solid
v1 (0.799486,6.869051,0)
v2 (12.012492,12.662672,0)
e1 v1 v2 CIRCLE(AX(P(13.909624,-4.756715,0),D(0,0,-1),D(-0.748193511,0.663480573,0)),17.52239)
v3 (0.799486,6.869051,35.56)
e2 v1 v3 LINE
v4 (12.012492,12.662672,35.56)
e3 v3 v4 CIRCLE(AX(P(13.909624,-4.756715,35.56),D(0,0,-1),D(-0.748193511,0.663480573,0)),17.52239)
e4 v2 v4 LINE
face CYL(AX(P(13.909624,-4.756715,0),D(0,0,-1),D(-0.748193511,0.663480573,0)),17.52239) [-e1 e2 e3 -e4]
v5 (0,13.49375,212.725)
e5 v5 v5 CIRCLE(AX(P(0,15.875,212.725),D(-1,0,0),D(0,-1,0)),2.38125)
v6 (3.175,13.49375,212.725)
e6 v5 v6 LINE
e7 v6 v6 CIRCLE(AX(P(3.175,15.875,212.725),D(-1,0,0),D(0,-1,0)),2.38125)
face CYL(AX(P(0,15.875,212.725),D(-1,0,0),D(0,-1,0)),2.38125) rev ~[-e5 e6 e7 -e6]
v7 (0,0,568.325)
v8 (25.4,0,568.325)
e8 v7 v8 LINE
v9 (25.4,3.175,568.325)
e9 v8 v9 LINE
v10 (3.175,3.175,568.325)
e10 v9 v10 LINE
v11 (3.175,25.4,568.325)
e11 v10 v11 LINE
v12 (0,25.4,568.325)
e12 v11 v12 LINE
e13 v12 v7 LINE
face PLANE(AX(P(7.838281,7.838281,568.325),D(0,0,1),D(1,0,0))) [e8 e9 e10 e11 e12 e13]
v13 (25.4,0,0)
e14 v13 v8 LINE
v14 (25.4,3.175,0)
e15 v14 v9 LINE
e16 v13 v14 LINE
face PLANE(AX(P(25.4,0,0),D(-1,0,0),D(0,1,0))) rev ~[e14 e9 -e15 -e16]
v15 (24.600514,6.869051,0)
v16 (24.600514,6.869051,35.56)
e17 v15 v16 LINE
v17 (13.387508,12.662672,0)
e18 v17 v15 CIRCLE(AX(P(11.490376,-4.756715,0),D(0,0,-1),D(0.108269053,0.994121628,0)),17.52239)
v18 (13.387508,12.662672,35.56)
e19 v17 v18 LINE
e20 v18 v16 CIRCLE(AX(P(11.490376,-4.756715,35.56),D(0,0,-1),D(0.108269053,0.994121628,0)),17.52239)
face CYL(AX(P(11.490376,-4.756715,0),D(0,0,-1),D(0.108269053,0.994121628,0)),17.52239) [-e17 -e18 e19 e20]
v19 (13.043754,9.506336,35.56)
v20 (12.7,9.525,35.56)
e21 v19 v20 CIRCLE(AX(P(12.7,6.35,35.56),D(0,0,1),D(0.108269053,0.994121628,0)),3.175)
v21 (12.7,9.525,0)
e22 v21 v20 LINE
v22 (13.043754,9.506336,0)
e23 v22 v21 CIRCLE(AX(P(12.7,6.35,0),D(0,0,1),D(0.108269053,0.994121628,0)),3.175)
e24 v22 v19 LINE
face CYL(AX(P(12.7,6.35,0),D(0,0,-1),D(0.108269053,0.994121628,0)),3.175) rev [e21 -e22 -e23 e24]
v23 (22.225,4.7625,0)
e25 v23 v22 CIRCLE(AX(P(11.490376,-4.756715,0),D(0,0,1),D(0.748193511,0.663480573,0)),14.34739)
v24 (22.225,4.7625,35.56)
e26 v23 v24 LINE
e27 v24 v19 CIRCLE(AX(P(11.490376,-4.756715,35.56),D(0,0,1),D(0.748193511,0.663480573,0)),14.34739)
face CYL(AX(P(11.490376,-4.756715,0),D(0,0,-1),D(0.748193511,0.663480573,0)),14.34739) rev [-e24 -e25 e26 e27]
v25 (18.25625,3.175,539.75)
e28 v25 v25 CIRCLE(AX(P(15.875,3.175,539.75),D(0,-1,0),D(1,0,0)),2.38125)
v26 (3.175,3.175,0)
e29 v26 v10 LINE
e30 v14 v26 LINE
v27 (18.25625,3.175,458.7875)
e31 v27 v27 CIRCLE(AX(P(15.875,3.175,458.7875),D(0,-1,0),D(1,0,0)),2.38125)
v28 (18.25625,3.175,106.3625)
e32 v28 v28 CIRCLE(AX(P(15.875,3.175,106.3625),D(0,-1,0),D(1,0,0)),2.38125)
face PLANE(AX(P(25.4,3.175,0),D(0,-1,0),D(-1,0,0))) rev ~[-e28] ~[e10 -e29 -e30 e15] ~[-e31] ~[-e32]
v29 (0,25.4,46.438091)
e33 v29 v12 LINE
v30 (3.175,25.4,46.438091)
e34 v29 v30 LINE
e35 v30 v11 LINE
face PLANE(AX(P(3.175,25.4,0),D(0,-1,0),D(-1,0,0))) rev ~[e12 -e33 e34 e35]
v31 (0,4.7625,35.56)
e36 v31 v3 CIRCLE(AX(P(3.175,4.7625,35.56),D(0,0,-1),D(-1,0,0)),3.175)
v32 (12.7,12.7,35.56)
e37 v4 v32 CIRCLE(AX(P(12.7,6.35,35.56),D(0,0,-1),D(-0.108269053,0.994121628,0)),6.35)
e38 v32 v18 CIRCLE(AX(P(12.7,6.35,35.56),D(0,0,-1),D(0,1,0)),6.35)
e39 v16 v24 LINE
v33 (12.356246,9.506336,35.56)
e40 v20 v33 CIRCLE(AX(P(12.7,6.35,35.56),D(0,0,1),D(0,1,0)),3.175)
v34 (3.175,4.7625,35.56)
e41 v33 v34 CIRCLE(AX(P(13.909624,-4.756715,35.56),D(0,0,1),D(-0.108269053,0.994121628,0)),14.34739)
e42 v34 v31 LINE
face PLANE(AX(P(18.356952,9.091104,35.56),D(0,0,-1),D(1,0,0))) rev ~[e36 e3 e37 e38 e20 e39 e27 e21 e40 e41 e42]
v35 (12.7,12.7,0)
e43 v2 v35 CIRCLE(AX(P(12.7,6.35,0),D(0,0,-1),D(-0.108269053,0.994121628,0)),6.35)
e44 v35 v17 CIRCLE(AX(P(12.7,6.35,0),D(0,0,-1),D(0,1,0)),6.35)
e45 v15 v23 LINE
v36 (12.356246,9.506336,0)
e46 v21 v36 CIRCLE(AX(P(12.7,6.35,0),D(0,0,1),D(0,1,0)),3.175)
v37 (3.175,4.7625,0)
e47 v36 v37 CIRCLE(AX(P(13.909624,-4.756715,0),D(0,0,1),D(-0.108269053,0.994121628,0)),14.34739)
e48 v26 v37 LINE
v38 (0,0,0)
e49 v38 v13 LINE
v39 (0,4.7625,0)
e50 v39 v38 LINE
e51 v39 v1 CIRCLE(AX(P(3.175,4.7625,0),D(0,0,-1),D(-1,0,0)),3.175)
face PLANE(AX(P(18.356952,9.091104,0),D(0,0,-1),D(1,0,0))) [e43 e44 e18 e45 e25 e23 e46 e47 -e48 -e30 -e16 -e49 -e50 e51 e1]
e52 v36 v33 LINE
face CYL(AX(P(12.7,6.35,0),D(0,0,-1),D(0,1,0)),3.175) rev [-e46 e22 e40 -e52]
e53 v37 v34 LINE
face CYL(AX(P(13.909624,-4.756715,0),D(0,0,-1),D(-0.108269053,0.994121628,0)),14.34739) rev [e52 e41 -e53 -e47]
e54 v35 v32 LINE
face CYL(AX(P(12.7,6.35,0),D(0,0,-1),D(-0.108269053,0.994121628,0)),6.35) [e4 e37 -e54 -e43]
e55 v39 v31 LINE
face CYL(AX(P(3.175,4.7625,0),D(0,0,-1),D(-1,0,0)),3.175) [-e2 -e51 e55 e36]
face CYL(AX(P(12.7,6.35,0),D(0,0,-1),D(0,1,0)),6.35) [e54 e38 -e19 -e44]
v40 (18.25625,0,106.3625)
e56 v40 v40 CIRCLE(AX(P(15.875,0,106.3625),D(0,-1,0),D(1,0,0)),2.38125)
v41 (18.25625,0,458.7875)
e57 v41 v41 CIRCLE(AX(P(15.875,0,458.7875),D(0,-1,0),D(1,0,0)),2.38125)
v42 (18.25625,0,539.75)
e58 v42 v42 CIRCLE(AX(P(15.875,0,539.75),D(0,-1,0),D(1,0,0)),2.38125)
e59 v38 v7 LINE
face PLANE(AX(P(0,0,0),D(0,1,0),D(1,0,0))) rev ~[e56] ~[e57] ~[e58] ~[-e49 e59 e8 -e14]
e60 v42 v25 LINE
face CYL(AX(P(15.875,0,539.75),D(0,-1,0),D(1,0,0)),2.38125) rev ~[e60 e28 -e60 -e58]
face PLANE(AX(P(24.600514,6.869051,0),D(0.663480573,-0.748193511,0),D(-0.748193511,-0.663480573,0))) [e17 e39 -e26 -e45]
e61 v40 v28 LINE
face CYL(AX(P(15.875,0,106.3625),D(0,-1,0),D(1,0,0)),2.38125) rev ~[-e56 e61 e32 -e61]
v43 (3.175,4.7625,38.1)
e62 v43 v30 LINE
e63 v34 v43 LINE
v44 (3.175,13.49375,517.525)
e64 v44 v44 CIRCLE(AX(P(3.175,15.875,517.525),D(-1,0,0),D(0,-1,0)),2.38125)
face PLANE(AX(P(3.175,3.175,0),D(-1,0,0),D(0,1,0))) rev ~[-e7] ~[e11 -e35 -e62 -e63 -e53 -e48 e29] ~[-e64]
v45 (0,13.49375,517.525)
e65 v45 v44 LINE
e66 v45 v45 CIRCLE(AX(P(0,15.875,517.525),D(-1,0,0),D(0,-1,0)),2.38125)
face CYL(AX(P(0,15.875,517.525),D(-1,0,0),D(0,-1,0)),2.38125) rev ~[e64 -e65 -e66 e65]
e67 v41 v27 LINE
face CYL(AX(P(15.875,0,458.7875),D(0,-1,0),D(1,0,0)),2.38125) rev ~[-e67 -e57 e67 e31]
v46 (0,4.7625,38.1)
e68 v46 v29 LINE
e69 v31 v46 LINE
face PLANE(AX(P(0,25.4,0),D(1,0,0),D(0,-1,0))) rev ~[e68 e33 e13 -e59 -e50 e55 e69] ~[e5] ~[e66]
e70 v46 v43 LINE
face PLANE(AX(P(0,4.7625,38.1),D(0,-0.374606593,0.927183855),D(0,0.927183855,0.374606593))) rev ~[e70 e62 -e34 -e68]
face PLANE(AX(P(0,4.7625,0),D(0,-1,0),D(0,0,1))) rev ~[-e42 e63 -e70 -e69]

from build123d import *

# Parameters (mm, degrees)
F1_DEPTH = 568.325
F2_R     = 2.38125
F3_DEPTH = 3.175
F4_R     = 2.38125
F5_DEPTH = 3.175
F7_DEPTH = 3.175
F9_DEPTH = 35.56


with BuildPart() as f1:
    # F0 (on Top) → F1 (new body)
    with BuildSketch(Plane.XY):
        Polygon((0, 25.4), (0, 0), (25.4, 0), (25.4, 3.175), (3.175, 3.175), (3.175, 25.4), align=None)
    extrude(amount=F1_DEPTH)

    # F2 (on face) → F3 (cut)
    with BuildSketch(Plane(origin=(0, 0, 0), x_dir=(0, -1, 0), z_dir=(-1, 0, 0))):
        with Locations((-15.875, 517.525)):
            Circle(F2_R)
        with Locations((-15.875, 212.725)):
            Circle(F2_R)
    extrude(amount=-F3_DEPTH, mode=Mode.SUBTRACT)

    # F4 (on face) → F5 (cut)
    with BuildSketch(Plane.XZ):
        with Locations((15.875, 458.7875)):
            Circle(F4_R)
        with Locations((15.875, 106.3625)):
            Circle(F4_R)
        with Locations((15.875, 539.75)):
            Circle(F4_R)
    extrude(amount=-F5_DEPTH, mode=Mode.SUBTRACT)

    # F6 (on face) → F7 (cut)
    with BuildSketch(Plane(origin=(0, 0, 0), x_dir=(0, -1, 0), z_dir=(-1, 0, 0))):
        Polygon((-25.4, 0), (-4.7625, 0), (-4.7625, 38.1), (-25.4, 46.4380912357), align=None)
    extrude(amount=-F7_DEPTH, mode=Mode.SUBTRACT)

    # F8 (on face) → F9 (join)
    with BuildSketch(Plane(origin=(0, 0, 0), x_dir=(1, 0, 0), z_dir=(0, 0, -1))):
        with BuildLine():
            ThreePointArc((13.0437542426, -9.5063361704), (12.8721302689, -9.520330609), (12.7, -9.525))
            Line((12.7, -9.525), (12.7, -12.7))
            ThreePointArc((12.7, -12.7), (13.0442605378, -12.6906612181), (13.3875084853, -12.6626723408))
            ThreePointArc((13.3875084853, -12.6626723408), (19.5337619369, -10.8104975605), (24.6005143968, -6.8690508185))
            Line((24.6005143968, -6.8690508185), (22.225, -4.7625))
            ThreePointArc((22.225, -4.7625), (18.0763265852, -7.9897694283), (13.0437542426, -9.5063361704))
        make_face()
        with BuildLine():
            ThreePointArc((12.7, -9.525), (12.5278697311, -9.520330609), (12.3562457574, -9.5063361704))
            ThreePointArc((12.3562457574, -9.5063361704), (7.3236734148, -7.9897694283), (3.175, -4.7625))
            Line((3.175, -4.7625), (0, -4.7625))
            ThreePointArc((0, -4.7625), (0.2065927495, -5.8890803989), (0.7994856032, -6.8690508185))
            ThreePointArc((0.7994856032, -6.8690508185), (5.8662380631, -10.8104975605), (12.0124915147, -12.6626723408))
            ThreePointArc((12.0124915147, -12.6626723408), (12.3557394622, -12.6906612181), (12.7, -12.7))
            Line((12.7, -12.7), (12.7, -9.525))
        make_face()
    extrude(amount=-F9_DEPTH)


solid = f1.part
